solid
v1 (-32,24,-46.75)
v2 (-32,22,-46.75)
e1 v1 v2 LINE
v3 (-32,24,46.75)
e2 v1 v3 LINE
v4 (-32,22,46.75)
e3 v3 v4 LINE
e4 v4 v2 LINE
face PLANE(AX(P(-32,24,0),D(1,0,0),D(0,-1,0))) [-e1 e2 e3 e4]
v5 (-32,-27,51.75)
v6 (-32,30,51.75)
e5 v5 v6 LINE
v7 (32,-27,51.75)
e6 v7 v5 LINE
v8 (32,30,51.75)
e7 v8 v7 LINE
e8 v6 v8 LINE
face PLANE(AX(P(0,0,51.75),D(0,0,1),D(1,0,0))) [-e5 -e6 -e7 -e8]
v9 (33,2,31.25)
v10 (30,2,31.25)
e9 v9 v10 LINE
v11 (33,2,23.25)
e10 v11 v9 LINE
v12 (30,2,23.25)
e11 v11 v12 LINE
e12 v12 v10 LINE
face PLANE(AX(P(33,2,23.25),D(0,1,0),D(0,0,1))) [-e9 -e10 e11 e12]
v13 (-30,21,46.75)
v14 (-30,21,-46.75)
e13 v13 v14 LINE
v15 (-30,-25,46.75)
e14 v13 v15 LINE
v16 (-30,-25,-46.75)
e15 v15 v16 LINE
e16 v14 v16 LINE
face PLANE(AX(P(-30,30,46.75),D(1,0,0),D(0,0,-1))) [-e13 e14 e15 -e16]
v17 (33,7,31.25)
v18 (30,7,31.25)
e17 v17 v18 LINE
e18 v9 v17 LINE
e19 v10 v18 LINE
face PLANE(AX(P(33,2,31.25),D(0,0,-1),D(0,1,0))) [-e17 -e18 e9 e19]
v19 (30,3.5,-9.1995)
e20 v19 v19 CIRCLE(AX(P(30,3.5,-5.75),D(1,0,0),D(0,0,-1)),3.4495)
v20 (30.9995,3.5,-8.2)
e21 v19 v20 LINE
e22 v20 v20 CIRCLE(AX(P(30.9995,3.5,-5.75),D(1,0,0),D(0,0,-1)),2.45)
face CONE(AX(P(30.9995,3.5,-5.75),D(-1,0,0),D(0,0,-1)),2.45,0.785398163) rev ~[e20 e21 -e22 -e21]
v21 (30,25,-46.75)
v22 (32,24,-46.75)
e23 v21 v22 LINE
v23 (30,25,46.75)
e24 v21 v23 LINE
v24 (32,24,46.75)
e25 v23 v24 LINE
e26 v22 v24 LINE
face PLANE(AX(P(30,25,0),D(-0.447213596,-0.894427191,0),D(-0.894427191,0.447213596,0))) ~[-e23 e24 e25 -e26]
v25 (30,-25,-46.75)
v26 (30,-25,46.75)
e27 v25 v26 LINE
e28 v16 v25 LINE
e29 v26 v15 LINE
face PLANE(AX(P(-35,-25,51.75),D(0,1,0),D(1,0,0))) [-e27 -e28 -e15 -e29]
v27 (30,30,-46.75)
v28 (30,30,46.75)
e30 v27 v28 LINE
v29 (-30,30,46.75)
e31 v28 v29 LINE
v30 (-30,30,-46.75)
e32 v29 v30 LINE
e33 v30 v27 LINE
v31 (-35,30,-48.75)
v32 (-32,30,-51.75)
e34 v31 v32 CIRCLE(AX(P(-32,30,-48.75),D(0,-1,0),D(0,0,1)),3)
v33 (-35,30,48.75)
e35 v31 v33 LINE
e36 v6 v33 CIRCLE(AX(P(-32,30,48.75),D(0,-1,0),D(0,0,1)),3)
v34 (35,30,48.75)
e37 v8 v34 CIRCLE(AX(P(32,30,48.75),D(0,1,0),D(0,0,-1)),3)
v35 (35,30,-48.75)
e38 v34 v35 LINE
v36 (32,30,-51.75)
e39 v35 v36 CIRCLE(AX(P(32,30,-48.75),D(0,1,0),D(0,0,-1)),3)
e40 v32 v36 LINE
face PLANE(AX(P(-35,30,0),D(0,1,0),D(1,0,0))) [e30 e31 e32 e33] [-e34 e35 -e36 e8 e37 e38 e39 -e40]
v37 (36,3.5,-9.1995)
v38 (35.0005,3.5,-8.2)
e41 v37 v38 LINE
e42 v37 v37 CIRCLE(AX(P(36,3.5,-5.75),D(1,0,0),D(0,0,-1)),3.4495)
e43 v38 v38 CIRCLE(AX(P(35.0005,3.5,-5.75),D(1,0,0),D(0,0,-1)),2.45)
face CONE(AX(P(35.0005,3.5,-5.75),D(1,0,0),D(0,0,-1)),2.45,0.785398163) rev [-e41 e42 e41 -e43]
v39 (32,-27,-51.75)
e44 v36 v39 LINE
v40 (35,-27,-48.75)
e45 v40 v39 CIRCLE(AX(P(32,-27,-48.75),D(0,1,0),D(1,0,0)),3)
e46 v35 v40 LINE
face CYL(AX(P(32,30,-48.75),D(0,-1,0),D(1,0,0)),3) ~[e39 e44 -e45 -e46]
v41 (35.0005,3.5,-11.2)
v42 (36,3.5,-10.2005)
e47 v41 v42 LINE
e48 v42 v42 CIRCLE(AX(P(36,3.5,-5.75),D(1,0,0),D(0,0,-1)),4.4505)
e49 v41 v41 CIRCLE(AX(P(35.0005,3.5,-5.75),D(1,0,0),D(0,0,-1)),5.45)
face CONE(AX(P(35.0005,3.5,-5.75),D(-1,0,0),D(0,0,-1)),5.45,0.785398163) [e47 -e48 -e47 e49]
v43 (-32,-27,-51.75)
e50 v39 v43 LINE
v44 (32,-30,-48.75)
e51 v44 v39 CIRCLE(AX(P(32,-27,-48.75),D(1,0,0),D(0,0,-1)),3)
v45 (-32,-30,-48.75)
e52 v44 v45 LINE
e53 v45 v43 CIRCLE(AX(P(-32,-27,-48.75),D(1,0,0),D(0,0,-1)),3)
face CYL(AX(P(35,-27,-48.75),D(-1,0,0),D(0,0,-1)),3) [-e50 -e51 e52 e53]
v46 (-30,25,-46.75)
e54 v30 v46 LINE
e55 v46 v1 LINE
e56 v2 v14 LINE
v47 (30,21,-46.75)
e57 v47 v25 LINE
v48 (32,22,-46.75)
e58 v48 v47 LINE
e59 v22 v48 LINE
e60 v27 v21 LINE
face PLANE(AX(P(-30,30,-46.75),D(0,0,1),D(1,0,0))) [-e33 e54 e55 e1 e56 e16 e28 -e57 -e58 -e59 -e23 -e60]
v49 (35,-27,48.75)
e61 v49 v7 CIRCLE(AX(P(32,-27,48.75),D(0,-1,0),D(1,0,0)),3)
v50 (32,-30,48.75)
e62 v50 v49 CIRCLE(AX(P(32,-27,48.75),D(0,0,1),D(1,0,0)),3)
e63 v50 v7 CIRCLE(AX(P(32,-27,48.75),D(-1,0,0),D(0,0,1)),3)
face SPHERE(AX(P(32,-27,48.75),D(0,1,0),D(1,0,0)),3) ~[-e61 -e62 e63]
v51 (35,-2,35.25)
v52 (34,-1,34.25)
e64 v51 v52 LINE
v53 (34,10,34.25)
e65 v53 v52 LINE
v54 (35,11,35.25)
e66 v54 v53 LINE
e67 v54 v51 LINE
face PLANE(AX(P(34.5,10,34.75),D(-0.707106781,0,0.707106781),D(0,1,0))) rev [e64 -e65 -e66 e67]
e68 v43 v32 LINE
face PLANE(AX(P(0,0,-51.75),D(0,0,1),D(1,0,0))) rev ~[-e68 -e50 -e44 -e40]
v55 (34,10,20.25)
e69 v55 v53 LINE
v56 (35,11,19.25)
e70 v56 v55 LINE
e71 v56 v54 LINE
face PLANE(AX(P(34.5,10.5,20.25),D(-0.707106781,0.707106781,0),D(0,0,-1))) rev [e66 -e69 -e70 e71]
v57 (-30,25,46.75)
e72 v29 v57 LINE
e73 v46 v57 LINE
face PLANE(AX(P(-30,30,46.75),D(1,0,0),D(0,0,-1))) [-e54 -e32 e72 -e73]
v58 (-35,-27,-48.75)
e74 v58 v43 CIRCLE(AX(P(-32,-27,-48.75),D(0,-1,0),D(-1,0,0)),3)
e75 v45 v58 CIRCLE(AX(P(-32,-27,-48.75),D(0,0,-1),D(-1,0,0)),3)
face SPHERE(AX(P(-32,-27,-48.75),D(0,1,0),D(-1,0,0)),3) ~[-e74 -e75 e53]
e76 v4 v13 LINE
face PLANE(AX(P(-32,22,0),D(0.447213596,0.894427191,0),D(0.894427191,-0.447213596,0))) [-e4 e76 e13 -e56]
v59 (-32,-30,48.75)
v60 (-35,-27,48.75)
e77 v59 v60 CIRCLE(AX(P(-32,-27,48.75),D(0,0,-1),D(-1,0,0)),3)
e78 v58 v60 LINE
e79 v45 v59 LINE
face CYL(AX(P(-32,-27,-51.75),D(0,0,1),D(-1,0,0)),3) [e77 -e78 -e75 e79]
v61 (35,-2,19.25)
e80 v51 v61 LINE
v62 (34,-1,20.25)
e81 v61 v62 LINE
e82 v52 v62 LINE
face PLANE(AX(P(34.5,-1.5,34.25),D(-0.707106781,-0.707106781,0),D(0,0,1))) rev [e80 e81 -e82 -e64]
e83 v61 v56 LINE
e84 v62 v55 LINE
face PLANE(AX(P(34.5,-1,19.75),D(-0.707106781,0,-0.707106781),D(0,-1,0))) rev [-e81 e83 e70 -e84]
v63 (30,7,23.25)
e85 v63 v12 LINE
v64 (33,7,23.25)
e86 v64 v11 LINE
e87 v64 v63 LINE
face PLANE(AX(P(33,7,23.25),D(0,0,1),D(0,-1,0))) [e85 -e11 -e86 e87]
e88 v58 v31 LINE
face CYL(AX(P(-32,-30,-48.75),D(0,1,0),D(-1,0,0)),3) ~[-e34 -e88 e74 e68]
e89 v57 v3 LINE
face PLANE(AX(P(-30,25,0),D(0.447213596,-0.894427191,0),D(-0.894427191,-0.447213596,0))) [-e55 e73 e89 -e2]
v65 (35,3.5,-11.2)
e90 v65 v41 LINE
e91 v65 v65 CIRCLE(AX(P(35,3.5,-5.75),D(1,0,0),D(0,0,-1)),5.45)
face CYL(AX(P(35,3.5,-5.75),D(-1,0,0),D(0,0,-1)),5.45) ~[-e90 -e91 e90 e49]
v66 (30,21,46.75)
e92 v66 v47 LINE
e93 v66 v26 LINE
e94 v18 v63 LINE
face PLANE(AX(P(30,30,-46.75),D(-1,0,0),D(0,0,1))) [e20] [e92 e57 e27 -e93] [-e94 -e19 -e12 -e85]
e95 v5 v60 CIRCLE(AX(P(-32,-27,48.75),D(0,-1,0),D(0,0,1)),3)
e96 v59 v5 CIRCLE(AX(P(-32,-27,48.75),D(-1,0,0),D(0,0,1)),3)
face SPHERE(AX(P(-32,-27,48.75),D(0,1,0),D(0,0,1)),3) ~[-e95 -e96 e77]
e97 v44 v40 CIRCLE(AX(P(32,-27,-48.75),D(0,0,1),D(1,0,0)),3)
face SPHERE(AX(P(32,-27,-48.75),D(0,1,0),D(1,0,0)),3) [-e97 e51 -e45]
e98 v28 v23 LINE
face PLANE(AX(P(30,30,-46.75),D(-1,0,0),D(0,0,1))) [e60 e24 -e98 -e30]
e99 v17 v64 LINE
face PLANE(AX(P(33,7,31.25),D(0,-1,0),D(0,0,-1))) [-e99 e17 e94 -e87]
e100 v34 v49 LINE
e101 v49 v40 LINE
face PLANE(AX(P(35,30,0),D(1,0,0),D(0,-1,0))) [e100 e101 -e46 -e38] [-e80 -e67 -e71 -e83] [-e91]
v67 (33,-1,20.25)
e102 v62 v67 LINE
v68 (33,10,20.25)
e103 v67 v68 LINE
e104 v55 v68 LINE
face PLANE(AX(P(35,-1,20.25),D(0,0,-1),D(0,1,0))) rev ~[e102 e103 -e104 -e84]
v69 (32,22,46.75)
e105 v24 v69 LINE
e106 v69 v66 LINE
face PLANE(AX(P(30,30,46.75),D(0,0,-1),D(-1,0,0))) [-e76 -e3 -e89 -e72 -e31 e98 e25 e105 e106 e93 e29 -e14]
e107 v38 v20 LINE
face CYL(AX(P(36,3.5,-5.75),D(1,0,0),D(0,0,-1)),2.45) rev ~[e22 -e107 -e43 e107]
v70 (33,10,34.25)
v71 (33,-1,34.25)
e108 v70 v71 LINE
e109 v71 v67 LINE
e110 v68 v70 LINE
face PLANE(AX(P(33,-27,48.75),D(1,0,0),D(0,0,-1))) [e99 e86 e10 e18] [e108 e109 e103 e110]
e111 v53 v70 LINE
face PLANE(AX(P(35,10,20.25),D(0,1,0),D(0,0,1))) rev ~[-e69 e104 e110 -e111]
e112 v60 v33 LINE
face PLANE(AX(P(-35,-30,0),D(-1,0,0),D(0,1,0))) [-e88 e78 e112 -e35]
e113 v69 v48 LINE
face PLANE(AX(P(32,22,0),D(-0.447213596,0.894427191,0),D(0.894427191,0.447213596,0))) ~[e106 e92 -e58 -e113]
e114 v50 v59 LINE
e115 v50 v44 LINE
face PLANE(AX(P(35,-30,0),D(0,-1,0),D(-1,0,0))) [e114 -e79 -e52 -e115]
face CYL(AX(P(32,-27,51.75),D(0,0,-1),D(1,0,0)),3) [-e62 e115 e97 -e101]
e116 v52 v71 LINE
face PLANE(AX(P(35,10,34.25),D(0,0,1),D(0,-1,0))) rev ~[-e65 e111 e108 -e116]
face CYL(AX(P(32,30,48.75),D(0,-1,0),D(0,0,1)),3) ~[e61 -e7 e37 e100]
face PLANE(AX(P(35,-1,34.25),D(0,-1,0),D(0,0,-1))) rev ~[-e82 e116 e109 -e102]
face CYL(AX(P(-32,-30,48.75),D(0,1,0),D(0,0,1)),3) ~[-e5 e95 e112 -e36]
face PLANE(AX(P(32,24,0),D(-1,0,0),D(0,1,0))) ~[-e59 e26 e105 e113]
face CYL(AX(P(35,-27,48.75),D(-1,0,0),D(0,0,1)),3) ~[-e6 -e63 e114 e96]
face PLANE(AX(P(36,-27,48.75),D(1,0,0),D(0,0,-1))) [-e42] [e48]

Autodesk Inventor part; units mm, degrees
ref_plane "YZ Plane" through (0, 0, 0) normal (1, 0, 0) x (0, 1, 0)
ref_plane "XZ Plane" through (0, 0, 0) normal (0, 1, 0) x (-1, 0, 0)
sketch "Sketch1" plane through (0, 0, 0) normal (0, 0, 1) x (1, 0, 0)
  line L0 (-35, 30) -> (35, 30)
  line L1 (35, 30) -> (35, -30)
  line L2 (35, -30) -> (-35, -30)
  line L3 (-35, -30) -> (-35, 30)
  point P0 (0, 0)
  point P1 (0, 30)
  point P2 (-35, 0)
  dimension "d0" = 70
  dimension "d1" = 60
extrude "Extrusion1" add sketch "Sketch1" along normal mid plane 103.5
sketch "Sketch2" plane through (-35, 30, 51.75) normal (0, 1, 0) x (1, 0, 0)
  line L0 (0, 103.5) -> (70, 103.5) projected
  line L1 (5, 98.5) -> (65, 98.5)
  line L2 (65, 98.5) -> (65, 5)
  line L3 (65, 5) -> (5, 5)
  line L4 (5, 5) -> (5, 98.5)
  point P0 (35, 51.75)
  point P1 (5, 51.75)
  point P2 (35, 98.5)
  point P3 (35, 103.5)
  dimension "d4" = 93.5
  dimension "d5" = 60
extrude "Extrusion2" cut sketch "Sketch2" against normal blind 55
fillet "Fillet2" radius 3 8 edges at (35, 0, 51.75) (35, 0, -51.75) (-35, 0, 51.75) (-35, 0, -51.75) (35, -30, 0) (0, -30, 51.75) (-35, -30, 0) (0, -30, -51.75)
ref_plane "Work Plane1" through (0, 0, 0) normal (0, 0, 1) x (1, 0, 0)
sketch "Sketch3" plane through (0, 0, 0) normal (0, 0, 1) x (1, 0, 0)
  line L0 (-30, 30) -> (-30, -25) projected
  line L1 (-30, 25) -> (-32, 24)
  line L2 (-32, 24) -> (-32, 22)
  line L3 (-32, 30) -> (-32, -27) projected
  line L4 (-32, 22) -> (-30, 21)
  line L5 (-30, 21) -> (-30, 25)
  point P0 (0, 0)
  point P1 (-32, -25)
  dimension "d12" = 5
  dimension "d13" = 4
  dimension "d14" = 2
  dimension "d15" = 2
extrude "Extrusion3" cut sketch "Sketch3" along normal mid plane 93.5
mirror "Mirror1" about plane through (0, 0, 0) normal (1, 0, 0) of "Extrusion3"
sketch "Sketch8" plane through (35, -27, 48.75) normal (1, 0, 0) x (0, 0, -1)
  line L0 (97.5, 57) -> (0, 57) projected
  circle A0 centre (54.5, 30.5) radius 5.45
  line L1 (100.5, 0) -> (100.5, 57) projected
  line L2 (2, 2) -> (95.5, 2) projected
  point P0 (48.75, 27)
  dimension "d31" = 46
  dimension "d32" = 28.5
  dimension "d33" = 10.9
extrude "Extrusion7" add sketch "Sketch8" along normal blind 1
sketch "Sketch9" plane through (36, 3.5, -5.75) normal (1, 0, 0) x (0, 0, -1)
  circle A0 centre (0, 0) radius 5.45 projected
  circle A1 centre (0, 0) radius 2.45
  point P0 (-5.75, -3.5)
  dimension "d36" = 4.9
extrude "Extrusion8" cut sketch "Sketch9" against normal up to surface (6 mm away) contours A1
chamfer "Chamfer1" distance 1 angle 45 3 edges at (36, 3.5, -3.3) (36, 3.5, -0.3) (30, 3.5, -3.3)
sketch "Sketch10" plane through (35, -27, 48.75) normal (1, 0, 0) x (0, 0, -1)
  line L0 (14.5, 26) -> (28.5, 26)
  line L1 (28.5, 26) -> (28.5, 37)
  line L2 (28.5, 37) -> (14.5, 37)
  line L3 (14.5, 37) -> (14.5, 26)
  line L4 (2, 48) -> (2, 2) projected
  line L5 (95.5, 2) -> (2, 2) projected
  point P0 (48.75, 27)
  dimension "d42" = 12.5
  dimension "d44" = 11
  dimension "d45" = 14
  dimension "d58" = 24
extrude "Extrusion9" cut sketch "Sketch10" against normal blind 2
sketch "Sketch11" plane through (33, -27, 48.75) normal (1, 0, 0) x (0, 0, -1)
  line L0 (17.5, 34) -> (25.5, 34)
  line L1 (25.5, 34) -> (25.5, 29)
  line L2 (25.5, 29) -> (17.5, 29)
  line L3 (17.5, 29) -> (17.5, 34)
  line L4 (14.5, 37) -> (28.5, 37) projected
  line L5 (14.5, 26) -> (14.5, 37) projected
  point P0 (48.75, 27)
  point P1 (17.5, 31.5)
  point P2 (14.5, 31.5)
  point P3 (21.5, 37)
  point P4 (21.5, 34)
  dimension "d48" = 5
  dimension "d49" = 8
extrude "Extrusion10" cut sketch "Sketch11" against normal up to surface (3 mm away)
chamfer "Chamfer2" distance 1 angle 45 4 edges at (35, 10, 27.25) (35, 4.5, 20.25) (35, 4.5, 34.25) (35, -1, 27.25)
properties part number "Part_A1"
